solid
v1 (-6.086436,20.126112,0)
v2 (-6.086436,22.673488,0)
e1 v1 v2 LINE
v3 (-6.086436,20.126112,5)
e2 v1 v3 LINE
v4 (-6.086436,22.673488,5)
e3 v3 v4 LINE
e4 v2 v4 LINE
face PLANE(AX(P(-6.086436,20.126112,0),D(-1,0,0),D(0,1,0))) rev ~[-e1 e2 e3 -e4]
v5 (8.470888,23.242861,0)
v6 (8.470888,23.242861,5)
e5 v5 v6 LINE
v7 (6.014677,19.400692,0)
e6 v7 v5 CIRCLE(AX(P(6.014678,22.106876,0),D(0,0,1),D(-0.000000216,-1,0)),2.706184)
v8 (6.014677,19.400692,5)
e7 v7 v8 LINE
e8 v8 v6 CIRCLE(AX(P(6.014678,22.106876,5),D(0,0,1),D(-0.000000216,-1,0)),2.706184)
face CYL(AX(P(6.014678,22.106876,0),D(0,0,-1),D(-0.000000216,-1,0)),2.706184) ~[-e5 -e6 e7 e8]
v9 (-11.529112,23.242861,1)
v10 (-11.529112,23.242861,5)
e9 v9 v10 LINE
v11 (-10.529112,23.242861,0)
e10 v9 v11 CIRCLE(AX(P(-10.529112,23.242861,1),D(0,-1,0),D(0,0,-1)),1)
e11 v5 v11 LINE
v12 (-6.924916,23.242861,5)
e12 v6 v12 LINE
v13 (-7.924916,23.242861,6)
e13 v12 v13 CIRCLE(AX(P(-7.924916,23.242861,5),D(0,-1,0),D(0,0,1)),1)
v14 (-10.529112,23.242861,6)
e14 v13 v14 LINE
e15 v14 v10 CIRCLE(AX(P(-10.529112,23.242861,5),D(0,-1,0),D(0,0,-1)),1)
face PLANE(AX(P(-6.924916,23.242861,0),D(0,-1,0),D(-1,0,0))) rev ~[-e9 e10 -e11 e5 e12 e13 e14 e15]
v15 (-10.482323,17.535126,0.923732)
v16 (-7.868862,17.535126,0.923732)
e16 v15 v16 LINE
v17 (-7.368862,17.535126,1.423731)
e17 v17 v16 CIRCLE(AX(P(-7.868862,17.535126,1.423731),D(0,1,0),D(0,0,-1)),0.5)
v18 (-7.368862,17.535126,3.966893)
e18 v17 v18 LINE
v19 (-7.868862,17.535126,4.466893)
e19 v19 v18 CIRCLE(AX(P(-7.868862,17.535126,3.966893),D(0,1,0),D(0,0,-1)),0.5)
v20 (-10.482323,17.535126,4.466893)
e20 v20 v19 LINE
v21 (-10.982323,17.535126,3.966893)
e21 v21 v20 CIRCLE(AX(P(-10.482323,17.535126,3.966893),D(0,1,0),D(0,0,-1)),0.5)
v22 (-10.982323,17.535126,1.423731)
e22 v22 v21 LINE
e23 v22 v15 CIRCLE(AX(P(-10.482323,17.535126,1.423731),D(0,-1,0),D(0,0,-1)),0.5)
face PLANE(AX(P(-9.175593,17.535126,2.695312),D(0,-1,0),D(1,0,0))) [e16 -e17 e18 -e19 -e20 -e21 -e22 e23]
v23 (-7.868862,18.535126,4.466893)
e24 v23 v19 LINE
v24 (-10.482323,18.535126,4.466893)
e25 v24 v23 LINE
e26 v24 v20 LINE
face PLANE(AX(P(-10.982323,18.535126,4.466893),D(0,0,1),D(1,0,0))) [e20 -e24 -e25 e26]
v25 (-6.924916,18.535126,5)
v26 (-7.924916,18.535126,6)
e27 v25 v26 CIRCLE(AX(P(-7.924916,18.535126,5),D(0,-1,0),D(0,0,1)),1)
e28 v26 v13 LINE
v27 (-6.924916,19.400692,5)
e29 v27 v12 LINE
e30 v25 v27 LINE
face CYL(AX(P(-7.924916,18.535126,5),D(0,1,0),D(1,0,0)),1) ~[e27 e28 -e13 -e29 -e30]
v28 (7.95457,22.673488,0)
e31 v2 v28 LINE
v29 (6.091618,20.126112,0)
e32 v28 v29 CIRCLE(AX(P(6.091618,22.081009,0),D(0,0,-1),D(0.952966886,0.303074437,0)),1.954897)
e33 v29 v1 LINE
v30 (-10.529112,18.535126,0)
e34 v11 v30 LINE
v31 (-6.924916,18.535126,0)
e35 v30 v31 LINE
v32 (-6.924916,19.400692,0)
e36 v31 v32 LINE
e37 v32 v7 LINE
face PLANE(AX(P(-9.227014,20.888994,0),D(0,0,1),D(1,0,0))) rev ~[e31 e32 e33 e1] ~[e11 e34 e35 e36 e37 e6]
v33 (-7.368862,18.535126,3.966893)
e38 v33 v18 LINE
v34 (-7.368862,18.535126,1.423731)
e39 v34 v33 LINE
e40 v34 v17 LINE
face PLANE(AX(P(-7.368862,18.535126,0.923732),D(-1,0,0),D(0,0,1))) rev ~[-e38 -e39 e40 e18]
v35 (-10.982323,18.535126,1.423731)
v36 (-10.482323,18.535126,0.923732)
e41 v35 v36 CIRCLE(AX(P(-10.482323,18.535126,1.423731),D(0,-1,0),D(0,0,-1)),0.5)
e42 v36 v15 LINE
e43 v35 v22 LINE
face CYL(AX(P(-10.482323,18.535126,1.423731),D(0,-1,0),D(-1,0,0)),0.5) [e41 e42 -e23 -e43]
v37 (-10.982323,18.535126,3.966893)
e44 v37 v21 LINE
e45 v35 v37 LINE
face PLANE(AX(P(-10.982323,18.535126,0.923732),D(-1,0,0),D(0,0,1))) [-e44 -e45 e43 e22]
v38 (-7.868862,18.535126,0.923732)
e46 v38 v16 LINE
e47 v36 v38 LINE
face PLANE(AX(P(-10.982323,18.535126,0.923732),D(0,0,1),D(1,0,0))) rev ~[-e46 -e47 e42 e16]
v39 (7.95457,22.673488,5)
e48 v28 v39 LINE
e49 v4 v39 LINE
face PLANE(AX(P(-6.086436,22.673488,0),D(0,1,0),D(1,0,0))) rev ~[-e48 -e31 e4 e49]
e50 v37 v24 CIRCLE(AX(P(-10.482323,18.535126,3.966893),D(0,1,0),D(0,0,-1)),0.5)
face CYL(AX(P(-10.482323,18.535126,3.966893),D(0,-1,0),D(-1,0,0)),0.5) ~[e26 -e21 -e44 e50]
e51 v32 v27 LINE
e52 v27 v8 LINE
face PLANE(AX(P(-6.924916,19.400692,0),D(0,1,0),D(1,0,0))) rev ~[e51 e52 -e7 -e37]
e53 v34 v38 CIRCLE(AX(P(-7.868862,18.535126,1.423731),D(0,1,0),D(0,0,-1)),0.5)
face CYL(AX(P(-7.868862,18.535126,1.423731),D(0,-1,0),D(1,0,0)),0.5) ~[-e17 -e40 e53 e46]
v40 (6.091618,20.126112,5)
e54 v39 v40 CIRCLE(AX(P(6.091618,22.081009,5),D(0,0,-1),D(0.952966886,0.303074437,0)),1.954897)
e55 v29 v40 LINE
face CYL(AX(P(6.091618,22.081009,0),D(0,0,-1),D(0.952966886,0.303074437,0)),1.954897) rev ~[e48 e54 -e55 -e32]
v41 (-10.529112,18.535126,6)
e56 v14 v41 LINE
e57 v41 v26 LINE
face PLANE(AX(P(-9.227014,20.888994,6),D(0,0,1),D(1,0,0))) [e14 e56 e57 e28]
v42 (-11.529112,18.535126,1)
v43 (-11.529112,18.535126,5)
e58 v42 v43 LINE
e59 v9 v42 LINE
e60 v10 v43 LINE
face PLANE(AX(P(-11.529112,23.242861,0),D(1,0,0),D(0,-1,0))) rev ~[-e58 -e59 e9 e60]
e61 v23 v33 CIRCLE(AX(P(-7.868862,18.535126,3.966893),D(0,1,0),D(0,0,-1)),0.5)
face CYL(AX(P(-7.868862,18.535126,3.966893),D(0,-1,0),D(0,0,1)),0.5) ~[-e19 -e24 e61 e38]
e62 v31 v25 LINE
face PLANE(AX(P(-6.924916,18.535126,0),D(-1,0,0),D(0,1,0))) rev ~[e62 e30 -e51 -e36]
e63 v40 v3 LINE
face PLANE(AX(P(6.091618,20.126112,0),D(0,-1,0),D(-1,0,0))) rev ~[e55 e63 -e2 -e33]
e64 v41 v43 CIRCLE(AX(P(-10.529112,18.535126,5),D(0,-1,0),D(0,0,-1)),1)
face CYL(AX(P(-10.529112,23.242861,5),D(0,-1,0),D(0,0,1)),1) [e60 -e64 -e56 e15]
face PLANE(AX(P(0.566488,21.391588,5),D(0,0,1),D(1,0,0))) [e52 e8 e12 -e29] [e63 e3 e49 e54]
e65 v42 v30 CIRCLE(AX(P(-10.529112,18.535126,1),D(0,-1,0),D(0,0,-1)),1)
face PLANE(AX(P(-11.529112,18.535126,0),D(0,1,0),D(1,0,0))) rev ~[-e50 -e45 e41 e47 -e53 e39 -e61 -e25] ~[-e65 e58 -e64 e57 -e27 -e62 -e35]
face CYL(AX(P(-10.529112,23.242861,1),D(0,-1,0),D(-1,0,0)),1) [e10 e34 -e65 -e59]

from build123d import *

# Parameters (mm, degrees)
F1_DEPTH = 5
F2_DEPTH = 6
F3_W     = 3.613461
F3_H     = 3.543161
F4_DEPTH = 1
F5_R     = 1
F6_R     = 0.5


with BuildPart() as f1:
    # F0 (on Top) → F1 (new body)
    with BuildSketch(Plane.XY):
        with BuildLine():
            Line((8.470888, 23.242861), (-6.924916, 23.242861))
            Line((-6.924916, 23.242861), (-6.924916, 19.400692))
            Line((-6.924916, 19.400692), (6.014677, 19.400692))
            ThreePointArc((6.014677, 19.400692), (8.294767, 20.649267), (8.470888, 23.242861))
        make_face()
        with BuildLine():
            Line((-6.086436, 20.126112), (-6.086436, 22.673488))
            Line((-6.086436, 22.673488), (7.95457, 22.673488))
            ThreePointArc((7.95457, 22.673488), (7.669569, 20.927019), (6.091618, 20.126112))
            Line((6.091618, 20.126112), (-6.086436, 20.126112))
        make_face(mode=Mode.SUBTRACT)
    extrude(amount=F1_DEPTH)

    # F0 (on Top) → F2 (join)
    with BuildSketch(Plane.XY):
        Polygon((-6.924916, 23.242861), (-11.529112, 23.242861), (-11.529112, 18.535126), (-6.924916, 18.535126), (-6.924916, 19.400692), align=None)
    extrude(amount=F2_DEPTH)

    # F3 (on face) → F4 (join)
    with BuildSketch(Plane.XZ.offset(-18.535126)):
        with Locations((-9.175593, 2.695312)):
            Rectangle(F3_W, F3_H)
    extrude(amount=F4_DEPTH)

    # F5
    f5_edges = [f1.edges().sort_by_distance(p)[0] for p in [
        (-11.529112, 20.888994, 6),
        (-6.924916, 20.888994, 6),
        (-11.529112, 20.888994, 0),
    ]]
    fillet(f5_edges, radius=F5_R)

    # F6
    f6_edges = [f1.edges().sort_by_distance(p)[0] for p in [
        (-10.982323, 18.035126, 4.466893),
        (-7.368862, 18.035126, 4.466893),
        (-10.982323, 18.035126, 0.923732),
        (-7.368862, 18.035126, 0.923732),
    ]]
    fillet(f6_edges, radius=F6_R)


solid = f1.part
